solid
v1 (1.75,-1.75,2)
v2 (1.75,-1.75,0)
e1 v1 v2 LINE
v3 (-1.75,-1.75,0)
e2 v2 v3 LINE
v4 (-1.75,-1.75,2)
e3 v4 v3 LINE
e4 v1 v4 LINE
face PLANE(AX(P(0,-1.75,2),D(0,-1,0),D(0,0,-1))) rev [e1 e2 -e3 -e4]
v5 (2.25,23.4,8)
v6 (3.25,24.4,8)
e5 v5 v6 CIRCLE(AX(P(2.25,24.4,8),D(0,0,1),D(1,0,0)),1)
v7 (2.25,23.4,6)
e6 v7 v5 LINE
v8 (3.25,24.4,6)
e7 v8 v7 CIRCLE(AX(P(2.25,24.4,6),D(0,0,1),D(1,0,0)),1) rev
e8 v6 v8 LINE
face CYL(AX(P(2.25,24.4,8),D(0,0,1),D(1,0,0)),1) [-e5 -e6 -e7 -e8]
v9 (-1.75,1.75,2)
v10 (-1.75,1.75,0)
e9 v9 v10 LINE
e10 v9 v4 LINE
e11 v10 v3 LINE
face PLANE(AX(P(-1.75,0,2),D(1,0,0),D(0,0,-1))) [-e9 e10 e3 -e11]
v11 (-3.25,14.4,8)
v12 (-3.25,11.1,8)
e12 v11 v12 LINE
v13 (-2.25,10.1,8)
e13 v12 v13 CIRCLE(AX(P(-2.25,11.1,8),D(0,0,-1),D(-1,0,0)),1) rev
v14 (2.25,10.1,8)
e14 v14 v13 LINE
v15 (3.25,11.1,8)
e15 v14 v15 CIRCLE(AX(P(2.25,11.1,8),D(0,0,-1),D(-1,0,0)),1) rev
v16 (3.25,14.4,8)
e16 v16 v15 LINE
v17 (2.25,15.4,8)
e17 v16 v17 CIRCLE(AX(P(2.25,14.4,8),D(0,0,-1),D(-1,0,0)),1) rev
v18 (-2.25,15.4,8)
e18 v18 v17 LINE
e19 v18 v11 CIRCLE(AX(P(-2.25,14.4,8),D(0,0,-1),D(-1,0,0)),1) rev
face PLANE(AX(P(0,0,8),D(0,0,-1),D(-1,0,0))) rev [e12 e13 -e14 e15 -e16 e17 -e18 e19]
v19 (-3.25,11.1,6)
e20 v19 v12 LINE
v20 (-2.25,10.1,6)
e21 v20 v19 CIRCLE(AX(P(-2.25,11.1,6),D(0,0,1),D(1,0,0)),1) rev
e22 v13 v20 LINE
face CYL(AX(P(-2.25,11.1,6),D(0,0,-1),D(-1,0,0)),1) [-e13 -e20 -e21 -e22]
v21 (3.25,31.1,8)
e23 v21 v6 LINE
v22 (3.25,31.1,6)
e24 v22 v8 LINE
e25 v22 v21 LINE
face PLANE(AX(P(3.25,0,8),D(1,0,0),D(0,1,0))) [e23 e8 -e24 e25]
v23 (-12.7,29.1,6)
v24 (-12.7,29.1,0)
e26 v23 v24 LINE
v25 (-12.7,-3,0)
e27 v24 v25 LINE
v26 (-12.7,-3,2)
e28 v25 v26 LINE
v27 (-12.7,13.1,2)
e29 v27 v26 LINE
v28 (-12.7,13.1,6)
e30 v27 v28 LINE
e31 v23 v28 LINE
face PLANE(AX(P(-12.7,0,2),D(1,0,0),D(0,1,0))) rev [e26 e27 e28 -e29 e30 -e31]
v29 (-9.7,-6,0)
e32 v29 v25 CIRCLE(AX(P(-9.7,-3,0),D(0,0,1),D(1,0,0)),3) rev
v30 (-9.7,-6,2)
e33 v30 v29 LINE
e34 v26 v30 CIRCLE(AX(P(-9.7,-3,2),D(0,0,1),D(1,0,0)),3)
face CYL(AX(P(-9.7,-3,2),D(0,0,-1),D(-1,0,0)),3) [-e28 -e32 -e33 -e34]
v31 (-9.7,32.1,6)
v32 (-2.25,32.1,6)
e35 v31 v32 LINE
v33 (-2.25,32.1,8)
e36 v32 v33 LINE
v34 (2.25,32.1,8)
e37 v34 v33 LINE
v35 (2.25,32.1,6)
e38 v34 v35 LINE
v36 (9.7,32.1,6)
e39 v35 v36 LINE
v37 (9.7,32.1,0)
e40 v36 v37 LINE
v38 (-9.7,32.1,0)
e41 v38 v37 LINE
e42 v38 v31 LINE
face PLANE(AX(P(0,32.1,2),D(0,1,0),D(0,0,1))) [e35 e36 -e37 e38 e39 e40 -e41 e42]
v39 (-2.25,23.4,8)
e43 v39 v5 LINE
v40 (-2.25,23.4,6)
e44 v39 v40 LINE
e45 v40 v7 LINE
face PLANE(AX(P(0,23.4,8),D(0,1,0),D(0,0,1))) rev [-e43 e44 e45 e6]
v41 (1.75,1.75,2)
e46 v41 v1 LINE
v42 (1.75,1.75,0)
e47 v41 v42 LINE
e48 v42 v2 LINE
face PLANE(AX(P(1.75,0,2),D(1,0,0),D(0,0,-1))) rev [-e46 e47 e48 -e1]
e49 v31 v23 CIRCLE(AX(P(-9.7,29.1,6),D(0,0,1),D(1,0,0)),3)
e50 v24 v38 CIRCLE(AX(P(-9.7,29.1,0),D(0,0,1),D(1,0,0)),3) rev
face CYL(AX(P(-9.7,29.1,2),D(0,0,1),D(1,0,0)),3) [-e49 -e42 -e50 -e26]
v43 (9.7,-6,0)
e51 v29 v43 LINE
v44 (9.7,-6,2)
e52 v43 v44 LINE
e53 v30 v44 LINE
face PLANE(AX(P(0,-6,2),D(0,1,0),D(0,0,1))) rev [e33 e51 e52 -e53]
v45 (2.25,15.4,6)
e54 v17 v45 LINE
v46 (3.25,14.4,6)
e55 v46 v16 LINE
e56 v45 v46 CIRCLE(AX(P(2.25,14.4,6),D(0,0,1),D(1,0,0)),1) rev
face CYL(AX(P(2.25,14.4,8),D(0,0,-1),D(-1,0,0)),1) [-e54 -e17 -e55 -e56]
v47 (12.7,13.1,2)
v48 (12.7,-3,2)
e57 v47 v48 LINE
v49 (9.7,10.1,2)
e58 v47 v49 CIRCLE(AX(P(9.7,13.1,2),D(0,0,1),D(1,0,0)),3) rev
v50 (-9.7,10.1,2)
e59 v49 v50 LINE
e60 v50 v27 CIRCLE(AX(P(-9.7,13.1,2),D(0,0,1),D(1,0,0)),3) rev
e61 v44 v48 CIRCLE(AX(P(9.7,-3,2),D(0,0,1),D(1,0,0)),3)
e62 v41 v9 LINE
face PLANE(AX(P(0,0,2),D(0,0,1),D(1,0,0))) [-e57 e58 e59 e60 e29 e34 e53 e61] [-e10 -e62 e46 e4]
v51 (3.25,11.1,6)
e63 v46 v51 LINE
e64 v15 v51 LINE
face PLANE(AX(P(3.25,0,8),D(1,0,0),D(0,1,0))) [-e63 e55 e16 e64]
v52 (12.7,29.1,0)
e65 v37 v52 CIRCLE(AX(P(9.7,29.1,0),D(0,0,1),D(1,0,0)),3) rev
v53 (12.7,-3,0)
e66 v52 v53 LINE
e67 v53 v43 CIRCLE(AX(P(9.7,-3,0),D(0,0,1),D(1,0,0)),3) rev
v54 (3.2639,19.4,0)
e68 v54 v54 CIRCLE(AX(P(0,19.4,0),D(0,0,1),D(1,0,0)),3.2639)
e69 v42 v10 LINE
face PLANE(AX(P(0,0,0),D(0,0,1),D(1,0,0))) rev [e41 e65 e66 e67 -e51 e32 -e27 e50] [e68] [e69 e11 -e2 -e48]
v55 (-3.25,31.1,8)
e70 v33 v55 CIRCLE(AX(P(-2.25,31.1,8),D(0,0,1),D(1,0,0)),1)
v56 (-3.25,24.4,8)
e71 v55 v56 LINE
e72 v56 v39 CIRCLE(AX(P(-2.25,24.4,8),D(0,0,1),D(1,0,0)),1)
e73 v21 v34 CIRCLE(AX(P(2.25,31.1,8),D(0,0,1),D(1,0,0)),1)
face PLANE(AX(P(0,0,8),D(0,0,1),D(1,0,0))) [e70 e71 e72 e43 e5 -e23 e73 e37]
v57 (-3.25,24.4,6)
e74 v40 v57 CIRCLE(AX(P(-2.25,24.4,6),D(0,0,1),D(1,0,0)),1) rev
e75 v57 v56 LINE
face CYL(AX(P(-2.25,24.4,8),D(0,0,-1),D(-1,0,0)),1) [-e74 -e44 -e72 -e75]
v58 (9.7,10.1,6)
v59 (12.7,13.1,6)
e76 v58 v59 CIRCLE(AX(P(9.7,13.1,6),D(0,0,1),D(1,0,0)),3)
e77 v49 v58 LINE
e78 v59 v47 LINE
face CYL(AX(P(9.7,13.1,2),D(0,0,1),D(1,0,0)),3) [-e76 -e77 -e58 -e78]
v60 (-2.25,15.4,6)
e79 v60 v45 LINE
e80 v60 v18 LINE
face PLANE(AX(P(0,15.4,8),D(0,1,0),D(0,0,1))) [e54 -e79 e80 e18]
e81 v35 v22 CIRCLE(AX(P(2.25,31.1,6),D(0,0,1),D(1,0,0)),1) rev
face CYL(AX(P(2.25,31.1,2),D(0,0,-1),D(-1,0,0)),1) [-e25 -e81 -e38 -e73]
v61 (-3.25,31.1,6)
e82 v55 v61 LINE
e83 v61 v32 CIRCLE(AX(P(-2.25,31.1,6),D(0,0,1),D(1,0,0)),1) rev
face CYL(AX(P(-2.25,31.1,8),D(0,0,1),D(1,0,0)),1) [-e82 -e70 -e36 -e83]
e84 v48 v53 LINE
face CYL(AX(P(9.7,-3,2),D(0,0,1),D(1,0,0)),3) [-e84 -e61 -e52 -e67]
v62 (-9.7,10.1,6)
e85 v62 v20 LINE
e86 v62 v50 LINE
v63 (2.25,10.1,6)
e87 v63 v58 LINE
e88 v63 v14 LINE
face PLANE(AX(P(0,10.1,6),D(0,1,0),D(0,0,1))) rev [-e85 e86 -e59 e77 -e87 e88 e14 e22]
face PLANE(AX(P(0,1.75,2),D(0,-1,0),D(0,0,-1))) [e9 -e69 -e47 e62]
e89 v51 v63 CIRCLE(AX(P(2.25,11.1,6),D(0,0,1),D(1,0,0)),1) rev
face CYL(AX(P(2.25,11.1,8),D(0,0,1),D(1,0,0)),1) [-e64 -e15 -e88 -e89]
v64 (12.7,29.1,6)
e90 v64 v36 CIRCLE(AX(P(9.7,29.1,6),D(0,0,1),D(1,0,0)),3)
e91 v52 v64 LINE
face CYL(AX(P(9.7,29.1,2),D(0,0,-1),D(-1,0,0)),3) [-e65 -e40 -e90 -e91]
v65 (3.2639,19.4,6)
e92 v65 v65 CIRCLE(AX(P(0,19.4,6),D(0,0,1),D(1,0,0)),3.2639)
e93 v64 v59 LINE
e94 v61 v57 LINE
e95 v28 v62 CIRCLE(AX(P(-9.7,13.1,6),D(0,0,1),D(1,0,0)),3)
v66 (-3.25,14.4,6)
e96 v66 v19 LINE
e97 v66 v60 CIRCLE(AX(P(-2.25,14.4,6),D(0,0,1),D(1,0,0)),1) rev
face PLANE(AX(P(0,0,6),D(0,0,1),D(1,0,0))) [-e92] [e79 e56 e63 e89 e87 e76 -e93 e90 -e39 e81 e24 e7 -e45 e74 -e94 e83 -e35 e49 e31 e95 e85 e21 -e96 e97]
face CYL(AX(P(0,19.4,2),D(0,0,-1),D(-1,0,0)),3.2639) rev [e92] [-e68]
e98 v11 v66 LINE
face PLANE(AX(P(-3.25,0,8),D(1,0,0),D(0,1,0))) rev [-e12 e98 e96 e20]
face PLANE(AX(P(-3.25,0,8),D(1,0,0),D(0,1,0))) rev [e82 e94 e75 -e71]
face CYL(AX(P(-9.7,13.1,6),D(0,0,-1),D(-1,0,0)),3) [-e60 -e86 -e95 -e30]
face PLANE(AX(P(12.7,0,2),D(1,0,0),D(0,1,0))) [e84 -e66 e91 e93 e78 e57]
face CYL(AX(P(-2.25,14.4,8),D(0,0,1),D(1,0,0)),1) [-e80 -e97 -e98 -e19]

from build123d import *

# Parameters (mm, degrees)
MAIN_FEATURES_SKETCH_W     = 25.4
MAIN_FEATURES_SKETCH_H     = 38.1
MAIN_FEATURES_SKETCH_R     = 3.2639
MAIN_FEATURES_SKETCH_W_2   = 3.5
MAIN_FEATURES_SKETCH_H_2   = 3.5
BASE_DEPTH                 = 2
SKETCH1_3_W                = 25.4
SKETCH1_3_H                = 22
SKETCH1_3_R                = 3.2639
STANDOFF_DEPTH             = 6
PEGS_START                 = 6
MAIN_FEATURES_SKETCH_4_W   = 6.5
MAIN_FEATURES_SKETCH_4_H   = 8.7
MAIN_FEATURES_SKETCH_4_H_2 = 5.3
PEGS_DEPTH                 = 2
FILLET1_R                  = 3
FILLET2_R                  = 1


with BuildPart() as part:
    # main_features_sketch → base (new body)
    with BuildSketch(Plane.XY):
        with Locations((0, 13.05)):
            Rectangle(MAIN_FEATURES_SKETCH_W, MAIN_FEATURES_SKETCH_H)
        with Locations((0, 19.4)):
            Circle(MAIN_FEATURES_SKETCH_R, mode=Mode.SUBTRACT)
        Rectangle(MAIN_FEATURES_SKETCH_W_2, MAIN_FEATURES_SKETCH_H_2, mode=Mode.SUBTRACT)
    extrude(amount=BASE_DEPTH)

    # Sketch1<3> → standoff (add)
    with BuildSketch(Plane.XY):
        with Locations((0, 21.1)):
            Rectangle(SKETCH1_3_W, SKETCH1_3_H)
        with Locations((0, 19.4)):
            Circle(SKETCH1_3_R, mode=Mode.SUBTRACT)
    extrude(amount=STANDOFF_DEPTH)

    # main_features_sketch<4> → pegs (add)
    with BuildSketch(Plane.XY.offset(PEGS_START)):
        with Locations((0, 27.75)):
            Rectangle(MAIN_FEATURES_SKETCH_4_W, MAIN_FEATURES_SKETCH_4_H)
        with Locations((0, 12.75)):
            Rectangle(MAIN_FEATURES_SKETCH_4_W, MAIN_FEATURES_SKETCH_4_H_2)
    extrude(amount=PEGS_DEPTH)

    # Fillet1
    fillet1_edges = [part.edges().sort_by_distance(p)[0] for p in [
        (12.7, -6, 1),
        (-12.7, -6, 1),
        (-12.7, 32.1, 3),
        (12.7, 32.1, 3),
        (12.7, 10.1, 4),
        (-12.7, 10.1, 4),
    ]]
    fillet(fillet1_edges, radius=FILLET1_R)

    # Fillet2
    fillet2_edges = [part.edges().sort_by_distance(p)[0] for p in [
        (3.25, 32.1, 7),
        (-3.25, 32.1, 7),
        (-3.25, 23.4, 7),
        (3.25, 23.4, 7),
        (-3.25, 15.4, 7),
        (-3.25, 10.1, 7),
        (3.25, 10.1, 7),
        (3.25, 15.4, 7),
    ]]
    fillet(fillet2_edges, radius=FILLET2_R)


solid = part.part
